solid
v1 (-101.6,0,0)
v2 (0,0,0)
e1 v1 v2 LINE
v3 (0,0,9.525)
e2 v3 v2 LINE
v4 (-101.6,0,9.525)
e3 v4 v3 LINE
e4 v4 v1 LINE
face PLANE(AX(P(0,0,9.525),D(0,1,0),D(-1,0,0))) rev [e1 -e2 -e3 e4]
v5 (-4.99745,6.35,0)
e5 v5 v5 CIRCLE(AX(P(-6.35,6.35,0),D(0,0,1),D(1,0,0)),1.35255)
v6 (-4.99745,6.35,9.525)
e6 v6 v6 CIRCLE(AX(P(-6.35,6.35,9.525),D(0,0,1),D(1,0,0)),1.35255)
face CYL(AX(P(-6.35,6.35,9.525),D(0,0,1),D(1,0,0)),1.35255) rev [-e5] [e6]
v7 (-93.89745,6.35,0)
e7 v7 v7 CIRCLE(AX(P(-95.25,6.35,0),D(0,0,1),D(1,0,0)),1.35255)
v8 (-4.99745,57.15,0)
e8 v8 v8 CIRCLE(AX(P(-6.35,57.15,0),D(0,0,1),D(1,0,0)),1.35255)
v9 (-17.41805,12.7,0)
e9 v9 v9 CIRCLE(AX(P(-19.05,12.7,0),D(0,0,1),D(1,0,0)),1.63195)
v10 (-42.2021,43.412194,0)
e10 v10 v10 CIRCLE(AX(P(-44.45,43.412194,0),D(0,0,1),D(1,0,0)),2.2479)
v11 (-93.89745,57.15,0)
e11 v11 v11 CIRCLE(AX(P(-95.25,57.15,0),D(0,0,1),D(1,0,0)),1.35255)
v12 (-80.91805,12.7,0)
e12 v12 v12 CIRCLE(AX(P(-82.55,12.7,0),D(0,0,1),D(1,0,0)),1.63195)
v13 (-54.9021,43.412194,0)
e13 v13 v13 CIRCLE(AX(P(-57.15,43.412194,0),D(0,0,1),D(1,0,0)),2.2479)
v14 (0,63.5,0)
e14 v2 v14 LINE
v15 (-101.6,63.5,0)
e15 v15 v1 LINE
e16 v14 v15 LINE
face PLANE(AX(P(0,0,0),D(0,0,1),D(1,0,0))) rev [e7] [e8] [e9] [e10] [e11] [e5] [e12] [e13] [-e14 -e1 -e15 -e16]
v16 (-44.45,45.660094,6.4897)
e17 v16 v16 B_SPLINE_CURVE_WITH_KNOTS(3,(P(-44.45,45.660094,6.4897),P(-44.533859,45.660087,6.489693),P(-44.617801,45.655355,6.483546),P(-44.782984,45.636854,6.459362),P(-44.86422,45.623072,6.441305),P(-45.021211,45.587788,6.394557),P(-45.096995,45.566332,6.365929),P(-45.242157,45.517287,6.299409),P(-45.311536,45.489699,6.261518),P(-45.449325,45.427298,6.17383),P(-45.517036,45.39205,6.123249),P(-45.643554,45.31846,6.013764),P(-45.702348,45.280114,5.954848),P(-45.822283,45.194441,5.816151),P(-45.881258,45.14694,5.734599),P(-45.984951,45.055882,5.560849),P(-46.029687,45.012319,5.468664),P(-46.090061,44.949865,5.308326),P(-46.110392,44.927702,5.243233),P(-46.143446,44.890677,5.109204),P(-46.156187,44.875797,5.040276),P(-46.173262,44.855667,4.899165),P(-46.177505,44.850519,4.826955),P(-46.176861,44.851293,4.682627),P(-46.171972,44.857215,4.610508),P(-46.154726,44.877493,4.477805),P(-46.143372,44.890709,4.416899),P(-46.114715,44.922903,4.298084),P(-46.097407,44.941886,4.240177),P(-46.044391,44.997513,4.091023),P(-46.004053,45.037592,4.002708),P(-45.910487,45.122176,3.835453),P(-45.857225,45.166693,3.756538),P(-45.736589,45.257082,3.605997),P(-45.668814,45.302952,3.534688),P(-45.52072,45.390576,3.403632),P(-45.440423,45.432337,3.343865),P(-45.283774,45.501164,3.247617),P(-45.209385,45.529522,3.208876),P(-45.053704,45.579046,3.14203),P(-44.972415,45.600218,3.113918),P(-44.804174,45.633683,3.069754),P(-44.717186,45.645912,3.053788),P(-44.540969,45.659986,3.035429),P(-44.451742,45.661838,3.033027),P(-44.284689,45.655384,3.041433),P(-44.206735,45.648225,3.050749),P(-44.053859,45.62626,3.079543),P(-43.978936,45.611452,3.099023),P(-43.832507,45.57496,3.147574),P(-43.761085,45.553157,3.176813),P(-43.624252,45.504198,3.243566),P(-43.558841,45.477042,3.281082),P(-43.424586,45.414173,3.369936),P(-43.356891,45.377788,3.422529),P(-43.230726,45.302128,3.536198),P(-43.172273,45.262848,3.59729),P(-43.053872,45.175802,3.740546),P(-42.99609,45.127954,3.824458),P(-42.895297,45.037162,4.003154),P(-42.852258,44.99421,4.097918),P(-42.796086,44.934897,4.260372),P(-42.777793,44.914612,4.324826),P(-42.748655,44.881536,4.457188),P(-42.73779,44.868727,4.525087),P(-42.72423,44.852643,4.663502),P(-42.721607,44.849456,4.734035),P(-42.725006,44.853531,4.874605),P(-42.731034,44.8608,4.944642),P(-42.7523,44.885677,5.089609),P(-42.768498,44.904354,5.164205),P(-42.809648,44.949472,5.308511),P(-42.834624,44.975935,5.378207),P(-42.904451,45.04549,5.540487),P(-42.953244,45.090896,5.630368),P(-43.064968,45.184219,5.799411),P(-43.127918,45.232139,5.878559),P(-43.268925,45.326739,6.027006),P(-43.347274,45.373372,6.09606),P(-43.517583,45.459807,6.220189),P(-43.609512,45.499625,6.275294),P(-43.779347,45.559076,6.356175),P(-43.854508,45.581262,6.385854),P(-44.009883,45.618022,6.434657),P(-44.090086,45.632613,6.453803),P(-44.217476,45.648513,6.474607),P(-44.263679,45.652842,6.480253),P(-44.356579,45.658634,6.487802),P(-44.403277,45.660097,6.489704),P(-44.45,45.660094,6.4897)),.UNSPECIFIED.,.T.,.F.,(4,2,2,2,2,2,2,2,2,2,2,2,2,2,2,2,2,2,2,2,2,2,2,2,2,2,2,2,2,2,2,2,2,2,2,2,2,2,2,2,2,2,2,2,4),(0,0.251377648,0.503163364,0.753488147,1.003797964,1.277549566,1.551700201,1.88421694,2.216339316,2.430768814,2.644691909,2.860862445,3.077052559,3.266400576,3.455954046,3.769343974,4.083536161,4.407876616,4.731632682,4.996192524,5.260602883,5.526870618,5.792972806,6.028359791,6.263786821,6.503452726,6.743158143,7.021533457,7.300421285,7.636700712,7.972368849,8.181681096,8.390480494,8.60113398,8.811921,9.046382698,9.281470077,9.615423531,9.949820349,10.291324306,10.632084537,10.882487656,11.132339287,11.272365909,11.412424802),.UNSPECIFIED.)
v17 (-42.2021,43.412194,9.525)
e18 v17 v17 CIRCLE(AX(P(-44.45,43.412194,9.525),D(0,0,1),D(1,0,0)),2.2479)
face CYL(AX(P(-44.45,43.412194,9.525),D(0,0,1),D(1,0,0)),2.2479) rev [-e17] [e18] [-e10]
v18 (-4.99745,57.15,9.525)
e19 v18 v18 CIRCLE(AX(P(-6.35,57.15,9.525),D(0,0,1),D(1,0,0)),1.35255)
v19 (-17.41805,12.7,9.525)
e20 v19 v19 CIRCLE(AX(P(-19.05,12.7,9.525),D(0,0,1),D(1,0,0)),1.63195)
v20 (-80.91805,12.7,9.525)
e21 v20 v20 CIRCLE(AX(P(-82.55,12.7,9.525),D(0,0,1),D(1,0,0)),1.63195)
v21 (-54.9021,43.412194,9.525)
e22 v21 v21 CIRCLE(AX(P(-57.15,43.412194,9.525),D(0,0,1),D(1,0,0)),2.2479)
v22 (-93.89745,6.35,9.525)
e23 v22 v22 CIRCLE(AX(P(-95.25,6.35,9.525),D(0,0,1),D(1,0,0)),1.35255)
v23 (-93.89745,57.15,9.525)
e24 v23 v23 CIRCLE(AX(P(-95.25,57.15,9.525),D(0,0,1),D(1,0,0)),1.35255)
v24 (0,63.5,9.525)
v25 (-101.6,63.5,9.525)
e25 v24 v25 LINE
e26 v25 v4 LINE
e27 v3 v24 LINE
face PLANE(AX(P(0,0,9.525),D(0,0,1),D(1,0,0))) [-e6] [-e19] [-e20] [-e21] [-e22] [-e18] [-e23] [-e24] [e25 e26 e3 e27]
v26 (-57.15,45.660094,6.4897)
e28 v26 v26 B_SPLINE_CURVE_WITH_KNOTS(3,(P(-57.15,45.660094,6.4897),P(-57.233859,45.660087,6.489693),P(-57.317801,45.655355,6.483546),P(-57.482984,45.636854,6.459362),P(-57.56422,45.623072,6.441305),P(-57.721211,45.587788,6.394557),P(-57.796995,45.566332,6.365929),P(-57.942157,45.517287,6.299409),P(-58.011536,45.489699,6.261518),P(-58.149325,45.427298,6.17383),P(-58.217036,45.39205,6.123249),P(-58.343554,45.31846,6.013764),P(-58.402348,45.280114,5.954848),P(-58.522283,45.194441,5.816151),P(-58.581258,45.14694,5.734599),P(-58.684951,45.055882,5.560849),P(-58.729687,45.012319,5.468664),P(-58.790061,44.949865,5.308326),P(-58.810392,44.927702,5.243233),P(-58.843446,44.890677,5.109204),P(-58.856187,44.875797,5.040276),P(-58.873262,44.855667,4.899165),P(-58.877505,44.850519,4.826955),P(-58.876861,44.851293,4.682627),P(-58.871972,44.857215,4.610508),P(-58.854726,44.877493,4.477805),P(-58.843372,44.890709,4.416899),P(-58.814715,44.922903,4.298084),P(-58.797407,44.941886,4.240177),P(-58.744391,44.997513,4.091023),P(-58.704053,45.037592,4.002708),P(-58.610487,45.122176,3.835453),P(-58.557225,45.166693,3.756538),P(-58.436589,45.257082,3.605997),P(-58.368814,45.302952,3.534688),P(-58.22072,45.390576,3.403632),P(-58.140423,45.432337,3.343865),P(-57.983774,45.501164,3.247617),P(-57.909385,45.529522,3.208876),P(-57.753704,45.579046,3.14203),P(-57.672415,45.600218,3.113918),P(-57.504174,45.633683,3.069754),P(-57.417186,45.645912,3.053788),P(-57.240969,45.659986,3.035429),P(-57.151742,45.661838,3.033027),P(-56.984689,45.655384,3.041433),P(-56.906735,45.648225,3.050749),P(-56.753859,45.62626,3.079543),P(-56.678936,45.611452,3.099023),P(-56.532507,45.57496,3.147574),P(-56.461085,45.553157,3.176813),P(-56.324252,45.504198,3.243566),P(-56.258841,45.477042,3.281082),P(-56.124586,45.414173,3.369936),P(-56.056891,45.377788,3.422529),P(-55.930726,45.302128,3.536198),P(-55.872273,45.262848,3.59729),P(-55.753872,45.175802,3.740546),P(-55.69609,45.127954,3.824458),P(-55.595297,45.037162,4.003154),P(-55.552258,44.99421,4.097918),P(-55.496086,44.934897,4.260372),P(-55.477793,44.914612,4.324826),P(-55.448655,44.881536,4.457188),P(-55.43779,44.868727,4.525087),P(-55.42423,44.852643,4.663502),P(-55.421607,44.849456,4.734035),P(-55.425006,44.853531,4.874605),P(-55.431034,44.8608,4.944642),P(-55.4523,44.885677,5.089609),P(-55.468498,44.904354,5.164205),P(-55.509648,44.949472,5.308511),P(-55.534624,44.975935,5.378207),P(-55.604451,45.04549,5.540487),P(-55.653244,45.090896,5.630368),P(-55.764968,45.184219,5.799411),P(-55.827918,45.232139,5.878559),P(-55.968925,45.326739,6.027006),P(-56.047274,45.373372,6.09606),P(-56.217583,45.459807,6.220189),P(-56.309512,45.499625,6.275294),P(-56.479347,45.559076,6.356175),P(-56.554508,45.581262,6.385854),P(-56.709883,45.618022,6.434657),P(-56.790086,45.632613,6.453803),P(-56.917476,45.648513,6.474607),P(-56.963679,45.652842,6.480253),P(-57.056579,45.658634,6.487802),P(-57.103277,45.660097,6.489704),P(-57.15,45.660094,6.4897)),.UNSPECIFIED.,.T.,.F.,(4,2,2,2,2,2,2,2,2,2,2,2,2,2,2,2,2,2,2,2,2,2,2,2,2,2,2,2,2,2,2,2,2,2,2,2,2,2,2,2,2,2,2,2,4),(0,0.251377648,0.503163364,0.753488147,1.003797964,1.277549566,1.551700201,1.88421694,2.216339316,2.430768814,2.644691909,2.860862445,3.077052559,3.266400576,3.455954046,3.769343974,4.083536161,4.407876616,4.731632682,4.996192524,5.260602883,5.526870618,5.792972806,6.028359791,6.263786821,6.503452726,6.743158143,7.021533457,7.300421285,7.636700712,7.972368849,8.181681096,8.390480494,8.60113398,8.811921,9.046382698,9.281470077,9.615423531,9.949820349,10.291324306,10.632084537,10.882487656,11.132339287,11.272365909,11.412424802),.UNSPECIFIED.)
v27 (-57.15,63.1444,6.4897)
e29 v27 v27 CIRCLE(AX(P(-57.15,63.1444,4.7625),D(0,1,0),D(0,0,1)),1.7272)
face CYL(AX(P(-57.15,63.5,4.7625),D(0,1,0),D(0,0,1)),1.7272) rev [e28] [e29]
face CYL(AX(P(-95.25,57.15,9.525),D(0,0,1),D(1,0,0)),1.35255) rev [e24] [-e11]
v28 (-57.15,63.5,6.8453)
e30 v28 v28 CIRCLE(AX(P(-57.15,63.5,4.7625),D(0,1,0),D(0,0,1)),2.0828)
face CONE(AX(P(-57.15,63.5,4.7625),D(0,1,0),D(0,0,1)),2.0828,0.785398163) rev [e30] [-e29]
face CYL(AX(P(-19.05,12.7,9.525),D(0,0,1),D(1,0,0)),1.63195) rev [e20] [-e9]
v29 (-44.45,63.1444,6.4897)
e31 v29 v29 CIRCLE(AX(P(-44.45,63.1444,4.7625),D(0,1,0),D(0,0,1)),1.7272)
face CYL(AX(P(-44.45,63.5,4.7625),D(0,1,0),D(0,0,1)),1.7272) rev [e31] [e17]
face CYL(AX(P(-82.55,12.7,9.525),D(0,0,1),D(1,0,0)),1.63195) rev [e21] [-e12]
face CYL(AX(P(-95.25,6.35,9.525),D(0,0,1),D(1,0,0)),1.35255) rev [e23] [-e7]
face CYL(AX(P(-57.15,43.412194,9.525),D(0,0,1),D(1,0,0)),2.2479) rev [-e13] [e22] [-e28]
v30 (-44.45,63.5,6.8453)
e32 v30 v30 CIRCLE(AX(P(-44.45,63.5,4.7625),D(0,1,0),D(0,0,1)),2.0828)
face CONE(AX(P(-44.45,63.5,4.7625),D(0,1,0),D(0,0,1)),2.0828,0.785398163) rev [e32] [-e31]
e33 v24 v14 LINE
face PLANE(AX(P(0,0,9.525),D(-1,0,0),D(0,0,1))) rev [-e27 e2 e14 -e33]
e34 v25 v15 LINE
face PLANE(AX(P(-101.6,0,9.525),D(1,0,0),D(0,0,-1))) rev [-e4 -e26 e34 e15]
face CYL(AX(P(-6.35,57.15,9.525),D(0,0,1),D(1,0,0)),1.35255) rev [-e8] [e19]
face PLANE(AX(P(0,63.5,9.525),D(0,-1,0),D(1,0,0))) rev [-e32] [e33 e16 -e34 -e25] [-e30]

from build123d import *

# Parameters (mm, degrees)
SKETCH1_W                       = 101.6
SKETCH1_H                       = 63.5
BOSS_EXTRUDE1_DEPTH             = 9.525
F_8_32_TAPPED_HOLE1_D           = 3.4544
F_8_32_TAPPED_HOLE1_DEPTH       = 19.05
F_8_32_TAPPED_HOLE1_CSINK_D     = 4.1656
F_8_32_TAPPED_HOLE1_CSINK_ANGLE = 90
F_8_32_TAPPED_HOLE1_TIP         = 1.037806461
F_8_CLEARANCE_HOLE2_D           = 4.4958
F_8_CLEARANCE_HOLE2_DEPTH       = 25.4
F_8_CLEARANCE_HOLE2_TIP         = 1.350674586
F_6_32_TAPPED_HOLE1_D           = 2.7051
F_4_CLEARANCE_HOLE1_D           = 3.2639
F_4_CLEARANCE_HOLE1_DEPTH       = 9.525


with BuildPart() as part:
    # Sketch1 → Boss-Extrude1 (new body)
    with BuildSketch(Plane.XY):
        with Locations((-50.8, 31.75)):
            Rectangle(SKETCH1_W, SKETCH1_H)
    extrude(amount=BOSS_EXTRUDE1_DEPTH)

    # #8-32 Tapped Hole1
    with Locations(Plane(origin=(0, 63.5, 0), x_dir=(1, 0, 0), z_dir=(0, 1, 0))):
        with Locations((-44.45, -4.7625), (-57.15, -4.7625)):
            CounterSinkHole(F_8_32_TAPPED_HOLE1_D / 2, F_8_32_TAPPED_HOLE1_CSINK_D / 2, depth=F_8_32_TAPPED_HOLE1_DEPTH, counter_sink_angle=F_8_32_TAPPED_HOLE1_CSINK_ANGLE)
            with Locations((0, 0, -(F_8_32_TAPPED_HOLE1_DEPTH + F_8_32_TAPPED_HOLE1_TIP / 2))):  # 118° drill point
                Cone(0, F_8_32_TAPPED_HOLE1_D / 2, F_8_32_TAPPED_HOLE1_TIP, mode=Mode.SUBTRACT)

    # #8 Clearance Hole2
    with Locations(Plane.XY.offset(9.525)):
        with Locations((-44.45, 43.412193539), (-57.15, 43.412193539)):
            Hole(F_8_CLEARANCE_HOLE2_D / 2, depth=F_8_CLEARANCE_HOLE2_DEPTH)
            with Locations((0, 0, -(F_8_CLEARANCE_HOLE2_DEPTH + F_8_CLEARANCE_HOLE2_TIP / 2))):  # 118° drill point
                Cone(0, F_8_CLEARANCE_HOLE2_D / 2, F_8_CLEARANCE_HOLE2_TIP, mode=Mode.SUBTRACT)

    # #6-32 Tapped Hole1 (through all)
    with Locations(Plane.XY.offset(9.525)):
        with Locations((-95.25, 6.35), (-95.25, 57.15), (-6.35, 6.35), (-6.35, 57.15)):
            Hole(F_6_32_TAPPED_HOLE1_D / 2)

    # #4 Clearance Hole1
    with Locations(Plane.XY.offset(9.525)):
        with Locations((-82.55, 12.7), (-19.05, 12.7)):
            Hole(F_4_CLEARANCE_HOLE1_D / 2, depth=F_4_CLEARANCE_HOLE1_DEPTH)


solid = part.part
